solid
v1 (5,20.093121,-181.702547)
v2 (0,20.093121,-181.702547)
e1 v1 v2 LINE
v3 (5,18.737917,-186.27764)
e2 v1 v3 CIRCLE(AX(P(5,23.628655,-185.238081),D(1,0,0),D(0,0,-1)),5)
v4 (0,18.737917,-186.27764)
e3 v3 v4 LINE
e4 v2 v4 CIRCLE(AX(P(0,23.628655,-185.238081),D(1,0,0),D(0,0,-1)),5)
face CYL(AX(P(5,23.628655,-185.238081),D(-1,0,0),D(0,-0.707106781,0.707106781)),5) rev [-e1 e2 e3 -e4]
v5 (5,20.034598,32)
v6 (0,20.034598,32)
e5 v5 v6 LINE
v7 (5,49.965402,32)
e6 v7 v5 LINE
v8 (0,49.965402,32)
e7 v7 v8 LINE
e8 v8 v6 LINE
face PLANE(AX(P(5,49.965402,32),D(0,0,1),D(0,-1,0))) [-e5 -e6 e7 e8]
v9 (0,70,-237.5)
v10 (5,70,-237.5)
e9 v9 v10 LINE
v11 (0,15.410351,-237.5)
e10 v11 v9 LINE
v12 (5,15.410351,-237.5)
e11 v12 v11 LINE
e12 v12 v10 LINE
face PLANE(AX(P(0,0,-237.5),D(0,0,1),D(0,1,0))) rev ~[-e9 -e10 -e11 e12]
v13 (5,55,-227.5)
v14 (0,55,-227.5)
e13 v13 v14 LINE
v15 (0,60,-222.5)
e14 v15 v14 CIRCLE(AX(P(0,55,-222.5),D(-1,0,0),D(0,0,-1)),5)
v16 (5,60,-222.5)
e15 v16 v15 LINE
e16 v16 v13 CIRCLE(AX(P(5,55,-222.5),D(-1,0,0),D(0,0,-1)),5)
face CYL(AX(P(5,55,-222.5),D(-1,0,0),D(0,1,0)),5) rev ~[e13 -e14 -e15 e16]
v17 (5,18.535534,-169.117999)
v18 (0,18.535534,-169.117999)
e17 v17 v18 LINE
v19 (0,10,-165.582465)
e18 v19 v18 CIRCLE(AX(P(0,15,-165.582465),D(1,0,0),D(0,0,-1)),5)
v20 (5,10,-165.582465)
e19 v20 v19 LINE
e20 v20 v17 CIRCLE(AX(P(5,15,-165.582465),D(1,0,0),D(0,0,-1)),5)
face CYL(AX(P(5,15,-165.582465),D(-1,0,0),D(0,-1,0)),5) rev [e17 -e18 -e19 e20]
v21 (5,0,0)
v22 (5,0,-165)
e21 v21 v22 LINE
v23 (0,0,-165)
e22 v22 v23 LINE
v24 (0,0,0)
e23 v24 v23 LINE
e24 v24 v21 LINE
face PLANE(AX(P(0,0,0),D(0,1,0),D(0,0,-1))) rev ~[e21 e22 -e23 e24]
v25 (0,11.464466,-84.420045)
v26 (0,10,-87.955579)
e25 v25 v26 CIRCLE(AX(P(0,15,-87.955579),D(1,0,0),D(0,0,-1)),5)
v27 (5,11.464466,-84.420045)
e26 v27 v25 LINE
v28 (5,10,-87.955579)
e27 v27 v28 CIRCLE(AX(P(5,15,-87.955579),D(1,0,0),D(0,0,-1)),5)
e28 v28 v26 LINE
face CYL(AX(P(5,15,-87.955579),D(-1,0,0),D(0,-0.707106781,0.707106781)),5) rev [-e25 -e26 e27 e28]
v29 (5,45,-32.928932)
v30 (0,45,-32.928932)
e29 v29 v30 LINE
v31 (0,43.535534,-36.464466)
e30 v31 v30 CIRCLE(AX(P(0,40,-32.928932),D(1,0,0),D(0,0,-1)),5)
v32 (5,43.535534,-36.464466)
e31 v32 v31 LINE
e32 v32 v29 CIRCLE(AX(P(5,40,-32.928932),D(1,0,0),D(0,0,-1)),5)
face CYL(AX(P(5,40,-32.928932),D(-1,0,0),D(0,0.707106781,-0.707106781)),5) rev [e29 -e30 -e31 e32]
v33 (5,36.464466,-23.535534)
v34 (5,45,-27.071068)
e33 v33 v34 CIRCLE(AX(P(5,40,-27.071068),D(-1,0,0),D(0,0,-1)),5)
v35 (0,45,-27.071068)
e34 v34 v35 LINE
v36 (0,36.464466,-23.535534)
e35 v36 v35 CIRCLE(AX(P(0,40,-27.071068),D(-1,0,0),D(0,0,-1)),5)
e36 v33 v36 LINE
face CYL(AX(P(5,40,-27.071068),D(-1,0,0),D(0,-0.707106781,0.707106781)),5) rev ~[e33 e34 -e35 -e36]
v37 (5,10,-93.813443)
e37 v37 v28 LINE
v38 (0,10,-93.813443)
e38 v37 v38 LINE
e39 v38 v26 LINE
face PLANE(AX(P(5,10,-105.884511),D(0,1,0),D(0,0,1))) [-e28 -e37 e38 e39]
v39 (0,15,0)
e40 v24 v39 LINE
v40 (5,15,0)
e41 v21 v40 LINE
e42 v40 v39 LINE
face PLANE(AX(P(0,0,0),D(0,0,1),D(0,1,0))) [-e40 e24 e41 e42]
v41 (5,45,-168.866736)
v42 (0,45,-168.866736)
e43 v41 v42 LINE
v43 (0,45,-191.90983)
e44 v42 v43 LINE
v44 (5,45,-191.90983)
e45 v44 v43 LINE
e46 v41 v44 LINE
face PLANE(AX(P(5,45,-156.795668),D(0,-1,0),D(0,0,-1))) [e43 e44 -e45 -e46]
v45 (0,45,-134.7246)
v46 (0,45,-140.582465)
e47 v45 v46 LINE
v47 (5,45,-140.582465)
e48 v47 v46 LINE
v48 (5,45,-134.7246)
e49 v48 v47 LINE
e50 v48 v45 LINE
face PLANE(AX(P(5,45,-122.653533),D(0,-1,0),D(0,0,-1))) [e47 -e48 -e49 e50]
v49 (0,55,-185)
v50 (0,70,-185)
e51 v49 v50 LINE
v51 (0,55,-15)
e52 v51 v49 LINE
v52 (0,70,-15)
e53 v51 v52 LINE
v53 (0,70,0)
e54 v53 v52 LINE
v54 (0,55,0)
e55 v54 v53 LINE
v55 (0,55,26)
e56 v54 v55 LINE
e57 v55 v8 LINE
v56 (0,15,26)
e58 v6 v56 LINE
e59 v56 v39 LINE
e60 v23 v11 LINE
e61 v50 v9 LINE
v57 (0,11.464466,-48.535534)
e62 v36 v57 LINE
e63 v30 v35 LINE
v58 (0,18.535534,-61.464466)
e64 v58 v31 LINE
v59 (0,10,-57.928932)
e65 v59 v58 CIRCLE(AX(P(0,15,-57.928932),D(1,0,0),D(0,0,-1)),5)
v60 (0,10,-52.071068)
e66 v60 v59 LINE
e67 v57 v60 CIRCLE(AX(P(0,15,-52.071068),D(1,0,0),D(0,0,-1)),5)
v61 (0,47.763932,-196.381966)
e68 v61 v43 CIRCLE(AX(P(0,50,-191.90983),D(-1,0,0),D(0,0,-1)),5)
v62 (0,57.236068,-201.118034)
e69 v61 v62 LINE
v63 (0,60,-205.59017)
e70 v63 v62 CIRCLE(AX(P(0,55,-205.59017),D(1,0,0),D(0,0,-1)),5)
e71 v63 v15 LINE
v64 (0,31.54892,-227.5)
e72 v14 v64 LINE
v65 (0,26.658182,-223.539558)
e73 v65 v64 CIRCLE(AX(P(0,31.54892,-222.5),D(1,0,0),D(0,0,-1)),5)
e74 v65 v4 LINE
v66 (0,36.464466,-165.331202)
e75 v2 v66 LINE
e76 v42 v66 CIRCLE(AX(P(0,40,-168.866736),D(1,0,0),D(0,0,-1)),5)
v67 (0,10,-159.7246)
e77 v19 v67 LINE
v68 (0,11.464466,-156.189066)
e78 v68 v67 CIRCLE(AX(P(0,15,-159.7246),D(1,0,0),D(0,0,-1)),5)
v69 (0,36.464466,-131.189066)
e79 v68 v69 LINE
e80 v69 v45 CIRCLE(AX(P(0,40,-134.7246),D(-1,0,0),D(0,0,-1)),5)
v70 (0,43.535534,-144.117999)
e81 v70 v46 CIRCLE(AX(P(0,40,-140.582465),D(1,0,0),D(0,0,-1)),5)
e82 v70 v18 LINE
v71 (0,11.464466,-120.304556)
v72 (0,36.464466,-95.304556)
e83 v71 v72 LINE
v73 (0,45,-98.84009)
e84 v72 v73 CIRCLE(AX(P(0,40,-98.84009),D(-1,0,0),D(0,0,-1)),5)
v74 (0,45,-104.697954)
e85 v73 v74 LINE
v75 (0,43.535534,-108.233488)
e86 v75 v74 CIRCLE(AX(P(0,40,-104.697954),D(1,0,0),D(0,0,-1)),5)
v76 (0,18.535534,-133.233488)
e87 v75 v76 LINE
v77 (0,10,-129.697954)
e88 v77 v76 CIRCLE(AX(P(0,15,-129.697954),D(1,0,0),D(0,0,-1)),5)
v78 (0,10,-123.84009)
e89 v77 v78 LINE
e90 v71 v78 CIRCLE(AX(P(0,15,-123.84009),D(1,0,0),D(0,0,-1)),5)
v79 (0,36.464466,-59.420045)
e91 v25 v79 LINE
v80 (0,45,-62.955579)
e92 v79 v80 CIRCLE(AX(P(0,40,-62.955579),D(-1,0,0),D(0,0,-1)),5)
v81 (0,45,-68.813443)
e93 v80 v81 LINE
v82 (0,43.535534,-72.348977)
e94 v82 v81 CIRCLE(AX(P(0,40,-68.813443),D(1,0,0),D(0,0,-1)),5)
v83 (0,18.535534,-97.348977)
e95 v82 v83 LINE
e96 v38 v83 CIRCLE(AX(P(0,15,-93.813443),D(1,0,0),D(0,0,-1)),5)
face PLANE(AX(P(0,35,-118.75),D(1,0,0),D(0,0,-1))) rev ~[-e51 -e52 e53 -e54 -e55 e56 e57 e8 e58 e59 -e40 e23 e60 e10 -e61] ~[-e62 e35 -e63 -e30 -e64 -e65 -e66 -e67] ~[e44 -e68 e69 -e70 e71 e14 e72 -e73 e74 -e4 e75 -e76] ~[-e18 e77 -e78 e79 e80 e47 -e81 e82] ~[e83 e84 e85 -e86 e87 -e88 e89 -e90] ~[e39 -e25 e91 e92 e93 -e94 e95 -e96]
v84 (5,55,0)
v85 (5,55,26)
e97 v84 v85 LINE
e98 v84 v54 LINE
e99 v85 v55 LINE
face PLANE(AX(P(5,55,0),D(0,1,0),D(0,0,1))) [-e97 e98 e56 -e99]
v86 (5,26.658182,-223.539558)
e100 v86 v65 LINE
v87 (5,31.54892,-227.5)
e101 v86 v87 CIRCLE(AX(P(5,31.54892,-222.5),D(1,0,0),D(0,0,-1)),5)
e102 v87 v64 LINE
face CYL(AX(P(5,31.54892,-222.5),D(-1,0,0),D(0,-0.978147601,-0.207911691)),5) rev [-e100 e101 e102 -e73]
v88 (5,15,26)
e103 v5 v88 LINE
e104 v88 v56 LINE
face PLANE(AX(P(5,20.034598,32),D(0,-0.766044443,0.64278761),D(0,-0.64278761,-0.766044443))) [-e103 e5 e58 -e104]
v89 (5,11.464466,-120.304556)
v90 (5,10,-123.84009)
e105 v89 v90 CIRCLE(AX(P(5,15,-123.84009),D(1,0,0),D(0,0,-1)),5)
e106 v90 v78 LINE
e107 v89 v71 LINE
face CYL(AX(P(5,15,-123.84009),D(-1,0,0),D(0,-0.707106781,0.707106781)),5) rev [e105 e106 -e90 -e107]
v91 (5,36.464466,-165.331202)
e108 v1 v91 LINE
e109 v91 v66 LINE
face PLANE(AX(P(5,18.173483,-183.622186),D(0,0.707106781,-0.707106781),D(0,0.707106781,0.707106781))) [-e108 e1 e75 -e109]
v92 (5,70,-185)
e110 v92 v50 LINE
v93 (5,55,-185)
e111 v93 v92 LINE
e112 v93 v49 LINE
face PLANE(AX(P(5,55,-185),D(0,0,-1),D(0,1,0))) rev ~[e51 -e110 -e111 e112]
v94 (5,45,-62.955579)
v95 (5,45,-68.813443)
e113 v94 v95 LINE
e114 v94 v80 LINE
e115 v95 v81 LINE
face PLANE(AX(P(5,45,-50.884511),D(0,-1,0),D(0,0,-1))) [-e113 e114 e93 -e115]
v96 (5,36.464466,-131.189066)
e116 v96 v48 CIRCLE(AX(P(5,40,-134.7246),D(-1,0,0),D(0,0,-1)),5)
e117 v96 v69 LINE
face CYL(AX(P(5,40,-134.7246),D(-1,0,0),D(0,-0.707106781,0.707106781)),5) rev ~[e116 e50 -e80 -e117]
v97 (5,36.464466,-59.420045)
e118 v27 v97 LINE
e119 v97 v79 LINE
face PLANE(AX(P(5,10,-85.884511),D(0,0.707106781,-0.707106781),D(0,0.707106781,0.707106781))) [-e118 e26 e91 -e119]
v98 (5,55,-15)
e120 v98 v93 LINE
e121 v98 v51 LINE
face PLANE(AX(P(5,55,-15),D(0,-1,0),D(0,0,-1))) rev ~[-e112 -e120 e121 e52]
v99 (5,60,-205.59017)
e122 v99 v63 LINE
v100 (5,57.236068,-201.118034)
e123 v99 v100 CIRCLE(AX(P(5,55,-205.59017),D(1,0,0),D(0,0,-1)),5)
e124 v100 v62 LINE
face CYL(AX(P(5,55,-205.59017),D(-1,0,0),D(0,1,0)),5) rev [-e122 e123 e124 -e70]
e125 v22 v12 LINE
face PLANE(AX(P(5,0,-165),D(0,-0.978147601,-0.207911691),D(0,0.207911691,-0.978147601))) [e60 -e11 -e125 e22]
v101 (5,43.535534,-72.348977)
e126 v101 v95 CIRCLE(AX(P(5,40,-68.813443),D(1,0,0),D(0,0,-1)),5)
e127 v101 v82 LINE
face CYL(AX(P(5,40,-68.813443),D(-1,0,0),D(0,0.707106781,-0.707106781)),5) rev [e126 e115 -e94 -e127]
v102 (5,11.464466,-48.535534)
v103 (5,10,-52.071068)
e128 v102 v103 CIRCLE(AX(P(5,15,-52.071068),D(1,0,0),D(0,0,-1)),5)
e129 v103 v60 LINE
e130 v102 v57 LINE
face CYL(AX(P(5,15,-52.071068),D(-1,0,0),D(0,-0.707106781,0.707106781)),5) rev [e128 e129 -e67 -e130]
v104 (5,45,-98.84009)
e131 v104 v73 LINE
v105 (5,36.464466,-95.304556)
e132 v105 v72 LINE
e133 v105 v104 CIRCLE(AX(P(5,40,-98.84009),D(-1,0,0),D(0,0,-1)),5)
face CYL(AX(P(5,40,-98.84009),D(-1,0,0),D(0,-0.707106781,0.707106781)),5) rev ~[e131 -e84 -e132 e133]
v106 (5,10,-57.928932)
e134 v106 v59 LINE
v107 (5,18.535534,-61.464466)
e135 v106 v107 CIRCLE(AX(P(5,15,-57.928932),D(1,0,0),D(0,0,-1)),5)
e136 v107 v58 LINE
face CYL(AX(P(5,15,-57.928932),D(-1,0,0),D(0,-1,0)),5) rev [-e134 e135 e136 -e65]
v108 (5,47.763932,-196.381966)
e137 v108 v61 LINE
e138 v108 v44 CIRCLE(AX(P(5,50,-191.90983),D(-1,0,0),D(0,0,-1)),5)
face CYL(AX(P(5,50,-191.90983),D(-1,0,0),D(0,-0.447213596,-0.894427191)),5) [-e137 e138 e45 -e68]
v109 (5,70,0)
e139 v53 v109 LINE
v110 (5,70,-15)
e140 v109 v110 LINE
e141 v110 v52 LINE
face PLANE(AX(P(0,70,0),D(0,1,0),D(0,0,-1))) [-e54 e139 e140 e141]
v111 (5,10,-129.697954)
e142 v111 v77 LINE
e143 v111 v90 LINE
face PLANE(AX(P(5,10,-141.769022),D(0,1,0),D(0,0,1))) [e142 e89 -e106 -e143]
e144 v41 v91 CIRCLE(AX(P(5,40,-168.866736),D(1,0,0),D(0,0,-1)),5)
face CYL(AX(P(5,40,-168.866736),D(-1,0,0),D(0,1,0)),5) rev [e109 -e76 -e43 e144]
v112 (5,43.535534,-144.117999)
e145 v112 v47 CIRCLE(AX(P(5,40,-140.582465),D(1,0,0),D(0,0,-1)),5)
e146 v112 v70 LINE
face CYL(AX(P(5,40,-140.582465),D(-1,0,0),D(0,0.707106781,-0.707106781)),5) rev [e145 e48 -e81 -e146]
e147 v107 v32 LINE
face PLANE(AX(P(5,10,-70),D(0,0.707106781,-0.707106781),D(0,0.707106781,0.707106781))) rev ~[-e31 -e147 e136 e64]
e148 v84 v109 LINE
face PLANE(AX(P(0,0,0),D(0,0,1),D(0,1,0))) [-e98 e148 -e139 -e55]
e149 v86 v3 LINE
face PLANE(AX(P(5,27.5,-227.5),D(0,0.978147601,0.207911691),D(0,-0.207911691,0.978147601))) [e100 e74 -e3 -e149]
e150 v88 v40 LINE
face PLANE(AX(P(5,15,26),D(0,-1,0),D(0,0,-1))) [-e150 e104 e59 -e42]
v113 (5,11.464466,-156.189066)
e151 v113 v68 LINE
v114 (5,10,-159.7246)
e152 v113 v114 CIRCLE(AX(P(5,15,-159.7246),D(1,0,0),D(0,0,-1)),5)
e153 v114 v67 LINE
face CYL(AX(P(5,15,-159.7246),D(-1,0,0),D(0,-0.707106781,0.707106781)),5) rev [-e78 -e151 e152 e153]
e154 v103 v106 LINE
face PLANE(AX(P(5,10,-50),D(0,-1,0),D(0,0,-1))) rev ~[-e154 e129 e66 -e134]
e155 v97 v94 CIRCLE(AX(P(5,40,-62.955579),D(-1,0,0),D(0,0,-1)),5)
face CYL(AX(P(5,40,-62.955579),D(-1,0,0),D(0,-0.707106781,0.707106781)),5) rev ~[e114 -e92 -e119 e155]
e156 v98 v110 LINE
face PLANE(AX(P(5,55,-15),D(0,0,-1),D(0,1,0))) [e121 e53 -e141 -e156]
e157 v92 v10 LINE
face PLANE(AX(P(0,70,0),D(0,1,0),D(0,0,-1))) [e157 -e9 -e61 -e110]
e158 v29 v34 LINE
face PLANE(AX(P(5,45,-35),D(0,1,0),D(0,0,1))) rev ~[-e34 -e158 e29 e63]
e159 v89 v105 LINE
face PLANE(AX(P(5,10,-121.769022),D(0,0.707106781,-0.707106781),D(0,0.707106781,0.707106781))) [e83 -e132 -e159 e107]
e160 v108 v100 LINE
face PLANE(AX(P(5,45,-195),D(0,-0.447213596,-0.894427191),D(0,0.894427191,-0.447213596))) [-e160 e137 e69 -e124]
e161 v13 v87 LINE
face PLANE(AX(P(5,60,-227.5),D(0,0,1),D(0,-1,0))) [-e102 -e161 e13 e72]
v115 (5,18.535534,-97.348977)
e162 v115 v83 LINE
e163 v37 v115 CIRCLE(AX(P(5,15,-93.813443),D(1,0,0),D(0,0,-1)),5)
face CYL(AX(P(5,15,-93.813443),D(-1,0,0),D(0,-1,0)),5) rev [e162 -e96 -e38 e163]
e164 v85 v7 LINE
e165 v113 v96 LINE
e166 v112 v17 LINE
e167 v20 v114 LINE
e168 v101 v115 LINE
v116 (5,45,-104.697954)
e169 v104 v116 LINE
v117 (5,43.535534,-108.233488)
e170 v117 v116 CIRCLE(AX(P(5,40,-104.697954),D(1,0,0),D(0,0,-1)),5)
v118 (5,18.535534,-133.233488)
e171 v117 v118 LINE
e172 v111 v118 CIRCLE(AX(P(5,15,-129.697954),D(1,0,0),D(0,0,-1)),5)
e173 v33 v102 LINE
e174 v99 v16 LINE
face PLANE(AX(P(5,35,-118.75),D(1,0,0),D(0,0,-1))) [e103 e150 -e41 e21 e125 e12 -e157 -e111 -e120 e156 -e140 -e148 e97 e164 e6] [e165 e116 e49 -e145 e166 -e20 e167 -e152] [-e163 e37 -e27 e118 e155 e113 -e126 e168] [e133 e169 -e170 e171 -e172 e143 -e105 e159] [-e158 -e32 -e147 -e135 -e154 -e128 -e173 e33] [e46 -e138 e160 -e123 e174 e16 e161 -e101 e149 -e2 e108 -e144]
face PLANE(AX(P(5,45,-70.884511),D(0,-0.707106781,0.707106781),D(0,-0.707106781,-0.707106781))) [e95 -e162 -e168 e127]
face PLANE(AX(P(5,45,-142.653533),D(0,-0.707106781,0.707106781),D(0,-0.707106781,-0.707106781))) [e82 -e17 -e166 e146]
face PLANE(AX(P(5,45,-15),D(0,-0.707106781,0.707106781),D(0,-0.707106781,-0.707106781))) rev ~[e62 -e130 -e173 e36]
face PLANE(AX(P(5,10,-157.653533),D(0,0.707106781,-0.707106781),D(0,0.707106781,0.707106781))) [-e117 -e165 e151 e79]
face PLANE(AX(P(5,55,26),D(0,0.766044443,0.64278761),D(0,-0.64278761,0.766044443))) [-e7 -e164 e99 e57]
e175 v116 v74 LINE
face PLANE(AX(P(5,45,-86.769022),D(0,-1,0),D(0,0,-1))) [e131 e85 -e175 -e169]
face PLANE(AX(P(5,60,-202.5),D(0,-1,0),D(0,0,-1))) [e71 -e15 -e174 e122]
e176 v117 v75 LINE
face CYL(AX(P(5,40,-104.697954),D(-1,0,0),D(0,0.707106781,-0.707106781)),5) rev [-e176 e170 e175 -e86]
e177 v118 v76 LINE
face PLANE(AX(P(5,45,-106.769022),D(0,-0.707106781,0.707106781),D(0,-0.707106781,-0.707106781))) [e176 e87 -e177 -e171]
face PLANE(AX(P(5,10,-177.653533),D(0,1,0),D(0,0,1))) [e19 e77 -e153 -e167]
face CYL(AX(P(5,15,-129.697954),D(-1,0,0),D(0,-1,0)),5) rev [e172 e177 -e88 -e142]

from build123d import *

# Parameters (mm, degrees)
SKIZZE1_W                       = 237.5
SKIZZE1_H                       = 70
AUFSATZ_LINEAR_AUSTRAGEN1_DEPTH = 5
SCHNITT_LINEAR_AUSTRAGEN1_DEPTH = 248.651468802
SKIZZE3_W                       = 170
SKIZZE3_H                       = 15
SCHNITT_LINEAR_AUSTRAGEN2_DEPTH = 5
SCHNITT_LINEAR_AUSTRAGEN3_DEPTH = 248.651468802
VERRUNDUNG1_R                   = 5
LASCHENASE_DEPTH                = 5


with BuildPart() as part:
    # Skizze1 → Aufsatz-Linear austragen1 (new body)
    with BuildSketch(Plane(origin=(0, 0, 0), x_dir=(0, 0, -1), z_dir=(1, 0, 0))):
        with Locations((118.75, 35)):
            Rectangle(SKIZZE1_W, SKIZZE1_H)
    extrude(amount=AUFSATZ_LINEAR_AUSTRAGEN1_DEPTH)

    # Skizze2 → Schnitt-Linear austragen1 (cut, through all)
    with BuildSketch(Plane(origin=(5, 0, 0), x_dir=(0, 0, -1), z_dir=(1, 0, 0))):
        Polygon((165, 0), (237.5, 15.410350721), (237.5, 0), align=None)
    extrude(amount=-SCHNITT_LINEAR_AUSTRAGEN1_DEPTH, mode=Mode.SUBTRACT)

    # Skizze3 → Schnitt-Linear austragen2 (cut)
    with BuildSketch(Plane(origin=(5, 0, 0), x_dir=(0, 0, -1), z_dir=(1, 0, 0))):
        with Locations((100, 62.5)):
            Rectangle(SKIZZE3_W, SKIZZE3_H)
    extrude(amount=-SCHNITT_LINEAR_AUSTRAGEN2_DEPTH, mode=Mode.SUBTRACT)

    # Skizze4 → Schnitt-Linear austragen3 (cut, through all)
    with BuildSketch(Plane(origin=(5, 0, 0), x_dir=(0, 0, -1), z_dir=(1, 0, 0))):
        Polygon((15, 45), (50, 10), (70, 10), (35, 45), align=None)
        Polygon((50.884510848, 45), (70.884510848, 45), (105.884510848, 10), (85.884510848, 10), align=None)
        Polygon((86.769021696, 45), (106.769021696, 45), (141.769021696, 10), (121.769021696, 10), align=None)
        Polygon((122.653532545, 45), (142.653532545, 45), (177.653532545, 10), (157.653532545, 10), align=None)
        Polygon((227.5, 60), (227.5, 27.5), (183.622185543, 18.173482625), (156.795668168, 45), (195, 45), (202.5, 60), align=None)
    extrude(amount=-SCHNITT_LINEAR_AUSTRAGEN3_DEPTH, mode=Mode.SUBTRACT)

    # Verrundung1
    verrundung1_edges = [part.edges().sort_by_distance(p)[0] for p in [
        (2.5, 60, -202.5),
        (2.5, 60, -227.5),
        (2.5, 27.5, -227.5),
        (2.5, 18.173482625, -183.622185543),
        (2.5, 45, -156.795668168),
        (2.5, 45, -195),
        (2.5, 10, -85.884510848),
        (2.5, 45, -50.884510848),
        (2.5, 45, -70.884510848),
        (2.5, 10, -105.884510848),
        (2.5, 10, -157.653532545),
        (2.5, 45, -122.653532545),
        (2.5, 45, -142.653532545),
        (2.5, 10, -177.653532545),
        (2.5, 10, -121.769021696),
        (2.5, 45, -86.769021696),
        (2.5, 45, -106.769021696),
        (2.5, 10, -141.769021696),
        (2.5, 45, -15),
        (2.5, 45, -35),
        (2.5, 10, -70),
        (2.5, 10, -50),
    ]]
    fillet(verrundung1_edges, radius=VERRUNDUNG1_R)

    # Skizze5 → LascheNase (add)
    with BuildSketch(Plane(origin=(5, 0, 0), x_dir=(0, 0, -1), z_dir=(1, 0, 0))):
        Polygon((0, 55), (-26, 55), (-32, 49.965402213), (-32, 20.034597787), (-26, 15), (0, 15), align=None)
    extrude(amount=-LASCHENASE_DEPTH)


solid = part.part
